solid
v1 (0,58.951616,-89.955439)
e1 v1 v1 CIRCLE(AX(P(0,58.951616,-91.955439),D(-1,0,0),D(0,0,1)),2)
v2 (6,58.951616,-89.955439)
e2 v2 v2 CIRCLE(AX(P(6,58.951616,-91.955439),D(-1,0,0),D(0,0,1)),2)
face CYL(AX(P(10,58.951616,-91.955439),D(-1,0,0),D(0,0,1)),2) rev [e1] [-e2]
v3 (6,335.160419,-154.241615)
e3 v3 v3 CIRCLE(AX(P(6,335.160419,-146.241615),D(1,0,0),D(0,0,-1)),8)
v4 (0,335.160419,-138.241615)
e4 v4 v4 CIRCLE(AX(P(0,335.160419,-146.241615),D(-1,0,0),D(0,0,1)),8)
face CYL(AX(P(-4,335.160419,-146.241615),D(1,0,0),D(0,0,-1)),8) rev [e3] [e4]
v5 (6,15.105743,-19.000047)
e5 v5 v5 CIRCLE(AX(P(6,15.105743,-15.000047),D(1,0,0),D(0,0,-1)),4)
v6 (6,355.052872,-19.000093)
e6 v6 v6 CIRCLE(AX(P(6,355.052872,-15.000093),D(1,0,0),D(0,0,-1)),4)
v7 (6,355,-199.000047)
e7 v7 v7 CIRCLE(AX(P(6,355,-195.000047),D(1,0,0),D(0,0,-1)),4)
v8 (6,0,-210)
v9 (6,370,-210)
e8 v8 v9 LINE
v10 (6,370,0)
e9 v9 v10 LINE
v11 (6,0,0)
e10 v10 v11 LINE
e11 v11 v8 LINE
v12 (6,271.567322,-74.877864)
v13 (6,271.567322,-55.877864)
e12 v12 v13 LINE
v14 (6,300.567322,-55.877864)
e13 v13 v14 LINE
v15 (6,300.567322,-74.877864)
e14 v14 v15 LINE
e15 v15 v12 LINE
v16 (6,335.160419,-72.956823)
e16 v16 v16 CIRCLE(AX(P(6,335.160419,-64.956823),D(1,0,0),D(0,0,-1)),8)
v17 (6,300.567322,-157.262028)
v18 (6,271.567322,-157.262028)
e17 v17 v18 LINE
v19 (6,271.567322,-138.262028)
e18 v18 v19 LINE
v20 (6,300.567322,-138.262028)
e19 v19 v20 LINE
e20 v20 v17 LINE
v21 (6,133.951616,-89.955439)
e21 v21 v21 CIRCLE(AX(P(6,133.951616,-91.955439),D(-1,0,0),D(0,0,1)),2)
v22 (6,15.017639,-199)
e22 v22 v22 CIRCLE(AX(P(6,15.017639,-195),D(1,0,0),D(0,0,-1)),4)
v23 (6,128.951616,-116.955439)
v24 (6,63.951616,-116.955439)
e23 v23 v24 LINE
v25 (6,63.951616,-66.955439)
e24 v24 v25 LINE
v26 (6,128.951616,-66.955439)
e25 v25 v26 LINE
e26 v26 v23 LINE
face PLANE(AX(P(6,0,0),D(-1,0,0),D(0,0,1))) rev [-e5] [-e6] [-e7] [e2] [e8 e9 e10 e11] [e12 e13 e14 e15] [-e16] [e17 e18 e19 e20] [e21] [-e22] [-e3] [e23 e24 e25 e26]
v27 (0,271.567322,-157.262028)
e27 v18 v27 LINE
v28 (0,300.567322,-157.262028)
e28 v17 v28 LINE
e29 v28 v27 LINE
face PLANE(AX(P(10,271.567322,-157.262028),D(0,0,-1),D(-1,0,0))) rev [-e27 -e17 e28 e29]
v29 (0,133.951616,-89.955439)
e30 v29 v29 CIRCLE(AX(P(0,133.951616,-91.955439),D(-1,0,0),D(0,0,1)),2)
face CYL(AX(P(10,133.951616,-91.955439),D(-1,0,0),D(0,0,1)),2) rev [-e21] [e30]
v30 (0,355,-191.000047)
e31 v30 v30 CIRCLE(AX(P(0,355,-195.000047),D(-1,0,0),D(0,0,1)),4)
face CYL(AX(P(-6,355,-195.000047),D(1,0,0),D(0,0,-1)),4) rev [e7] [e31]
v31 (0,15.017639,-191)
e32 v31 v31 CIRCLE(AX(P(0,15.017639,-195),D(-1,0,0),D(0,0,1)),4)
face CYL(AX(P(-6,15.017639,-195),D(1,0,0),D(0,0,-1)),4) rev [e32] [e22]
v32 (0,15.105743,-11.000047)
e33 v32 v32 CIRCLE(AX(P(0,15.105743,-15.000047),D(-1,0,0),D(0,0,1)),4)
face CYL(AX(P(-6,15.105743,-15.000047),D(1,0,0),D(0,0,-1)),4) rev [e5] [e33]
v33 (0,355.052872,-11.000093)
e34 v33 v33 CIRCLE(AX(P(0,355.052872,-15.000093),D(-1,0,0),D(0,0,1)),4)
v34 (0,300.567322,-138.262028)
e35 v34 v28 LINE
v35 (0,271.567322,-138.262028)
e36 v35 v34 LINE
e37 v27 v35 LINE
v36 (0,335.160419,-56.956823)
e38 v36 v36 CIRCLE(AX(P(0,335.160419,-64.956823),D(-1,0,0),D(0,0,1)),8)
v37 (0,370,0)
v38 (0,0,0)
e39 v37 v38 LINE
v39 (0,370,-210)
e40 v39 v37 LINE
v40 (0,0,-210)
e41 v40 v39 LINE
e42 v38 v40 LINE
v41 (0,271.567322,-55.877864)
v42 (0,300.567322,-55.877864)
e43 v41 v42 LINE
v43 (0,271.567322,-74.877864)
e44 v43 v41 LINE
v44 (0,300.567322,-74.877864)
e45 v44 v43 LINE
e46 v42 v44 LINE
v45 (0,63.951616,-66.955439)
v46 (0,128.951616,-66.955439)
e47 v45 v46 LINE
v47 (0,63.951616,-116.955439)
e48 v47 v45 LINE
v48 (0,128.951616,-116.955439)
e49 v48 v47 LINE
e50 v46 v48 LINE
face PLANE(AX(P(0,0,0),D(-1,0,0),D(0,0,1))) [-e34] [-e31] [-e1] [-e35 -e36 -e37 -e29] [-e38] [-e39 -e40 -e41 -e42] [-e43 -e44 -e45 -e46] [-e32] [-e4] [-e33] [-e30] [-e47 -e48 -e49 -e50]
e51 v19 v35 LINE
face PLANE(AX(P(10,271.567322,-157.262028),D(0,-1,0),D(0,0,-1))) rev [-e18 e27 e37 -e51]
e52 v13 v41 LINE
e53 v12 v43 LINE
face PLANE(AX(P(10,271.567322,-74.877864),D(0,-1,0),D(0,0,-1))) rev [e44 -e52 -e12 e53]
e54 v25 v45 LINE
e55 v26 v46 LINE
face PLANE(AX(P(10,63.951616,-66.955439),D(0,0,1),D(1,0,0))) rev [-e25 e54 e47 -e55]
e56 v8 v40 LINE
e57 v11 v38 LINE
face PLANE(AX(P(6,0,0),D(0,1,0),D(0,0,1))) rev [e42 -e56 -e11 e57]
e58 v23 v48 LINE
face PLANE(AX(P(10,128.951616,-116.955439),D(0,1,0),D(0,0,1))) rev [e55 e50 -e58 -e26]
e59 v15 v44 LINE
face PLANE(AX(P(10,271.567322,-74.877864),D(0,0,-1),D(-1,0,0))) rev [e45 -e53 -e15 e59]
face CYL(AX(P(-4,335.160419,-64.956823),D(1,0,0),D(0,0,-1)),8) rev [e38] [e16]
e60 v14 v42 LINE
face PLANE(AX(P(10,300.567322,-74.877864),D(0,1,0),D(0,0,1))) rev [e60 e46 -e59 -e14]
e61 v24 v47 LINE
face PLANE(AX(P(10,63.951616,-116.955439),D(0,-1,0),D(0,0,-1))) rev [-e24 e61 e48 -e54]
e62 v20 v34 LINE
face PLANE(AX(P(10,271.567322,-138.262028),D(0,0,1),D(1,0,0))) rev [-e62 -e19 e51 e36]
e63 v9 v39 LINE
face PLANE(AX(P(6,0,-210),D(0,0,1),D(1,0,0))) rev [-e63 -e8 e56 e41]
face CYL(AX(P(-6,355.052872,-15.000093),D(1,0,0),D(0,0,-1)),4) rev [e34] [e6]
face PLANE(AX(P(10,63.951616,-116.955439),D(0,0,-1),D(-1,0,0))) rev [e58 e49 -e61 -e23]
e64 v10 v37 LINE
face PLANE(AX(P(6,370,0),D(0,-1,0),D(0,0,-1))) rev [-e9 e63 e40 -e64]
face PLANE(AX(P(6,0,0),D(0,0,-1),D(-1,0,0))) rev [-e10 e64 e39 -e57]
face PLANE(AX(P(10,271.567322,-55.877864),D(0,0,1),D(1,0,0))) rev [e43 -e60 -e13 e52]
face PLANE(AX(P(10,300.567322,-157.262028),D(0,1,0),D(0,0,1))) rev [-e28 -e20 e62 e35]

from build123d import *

# Parameters (mm, degrees)
SKETCH1_W           = 210
SKETCH1_H           = 370
BOSS_EXTRUDE1_DEPTH = 6
SKETCH2_W           = 50
SKETCH2_H           = 65
SKETCH2_W_2         = 19
SKETCH2_H_2         = 29
CUT_EXTRUDE1_DEPTH  = 10
SKETCH3_R           = 2
CUT_EXTRUDE2_DEPTH  = 10
SKETCH4_R           = 8
CUT_EXTRUDE3_DEPTH  = 10
SKETCH5_R           = 4
CUT_EXTRUDE4_DEPTH  = 12


with BuildPart() as part:
    # Sketch1 → Boss-Extrude1 (new body)
    with BuildSketch(Plane(origin=(0, 0, 0), x_dir=(0, 0, -1), z_dir=(1, 0, 0))):
        with Locations((105, 185)):
            Rectangle(SKETCH1_W, SKETCH1_H)
    extrude(amount=BOSS_EXTRUDE1_DEPTH)

    # Sketch2 → Cut-Extrude1 (cut)
    with BuildSketch(Plane.ZY):
        with Locations((-91.955439439, 96.451615806)):
            Rectangle(SKETCH2_W, SKETCH2_H)
        with Locations((-147.762028201, 286.067321943)):
            Rectangle(SKETCH2_W_2, SKETCH2_H_2)
        with Locations((-65.37786445, 286.067321943)):
            Rectangle(SKETCH2_W_2, SKETCH2_H_2)
    extrude(amount=-CUT_EXTRUDE1_DEPTH, mode=Mode.SUBTRACT)

    # Sketch3 → Cut-Extrude2 (cut)
    with BuildSketch(Plane.ZY):
        with Locations((-91.955439439, 133.951615806)):
            Circle(SKETCH3_R)
        with Locations((-91.955439439, 58.951615806)):
            Circle(SKETCH3_R)
    extrude(amount=-CUT_EXTRUDE2_DEPTH, mode=Mode.SUBTRACT)

    # Sketch4 → Cut-Extrude3 (cut)
    with BuildSketch(Plane(origin=(6, 0, 0), x_dir=(0, 0, -1), z_dir=(1, 0, 0))):
        with Locations((146.241614862, 335.160418709)):
            Circle(SKETCH4_R)
        with Locations((64.956823424, 335.160418709)):
            Circle(SKETCH4_R)
    extrude(amount=-CUT_EXTRUDE3_DEPTH, mode=Mode.SUBTRACT)

    # Sketch5 → Cut-Extrude4 (cut)
    with BuildSketch(Plane(origin=(6, 0, 0), x_dir=(0, 0, -1), z_dir=(1, 0, 0))):
        with Locations((15.00004659, 15.105743091)):
            Circle(SKETCH5_R)
        with Locations((15.00009318, 355.052871545)):
            Circle(SKETCH5_R)
        with Locations((195.00004659, 355)):
            Circle(SKETCH5_R)
        with Locations((195, 15.017639421)):
            Circle(SKETCH5_R)
    extrude(amount=-CUT_EXTRUDE4_DEPTH, mode=Mode.SUBTRACT)


solid = part.part
